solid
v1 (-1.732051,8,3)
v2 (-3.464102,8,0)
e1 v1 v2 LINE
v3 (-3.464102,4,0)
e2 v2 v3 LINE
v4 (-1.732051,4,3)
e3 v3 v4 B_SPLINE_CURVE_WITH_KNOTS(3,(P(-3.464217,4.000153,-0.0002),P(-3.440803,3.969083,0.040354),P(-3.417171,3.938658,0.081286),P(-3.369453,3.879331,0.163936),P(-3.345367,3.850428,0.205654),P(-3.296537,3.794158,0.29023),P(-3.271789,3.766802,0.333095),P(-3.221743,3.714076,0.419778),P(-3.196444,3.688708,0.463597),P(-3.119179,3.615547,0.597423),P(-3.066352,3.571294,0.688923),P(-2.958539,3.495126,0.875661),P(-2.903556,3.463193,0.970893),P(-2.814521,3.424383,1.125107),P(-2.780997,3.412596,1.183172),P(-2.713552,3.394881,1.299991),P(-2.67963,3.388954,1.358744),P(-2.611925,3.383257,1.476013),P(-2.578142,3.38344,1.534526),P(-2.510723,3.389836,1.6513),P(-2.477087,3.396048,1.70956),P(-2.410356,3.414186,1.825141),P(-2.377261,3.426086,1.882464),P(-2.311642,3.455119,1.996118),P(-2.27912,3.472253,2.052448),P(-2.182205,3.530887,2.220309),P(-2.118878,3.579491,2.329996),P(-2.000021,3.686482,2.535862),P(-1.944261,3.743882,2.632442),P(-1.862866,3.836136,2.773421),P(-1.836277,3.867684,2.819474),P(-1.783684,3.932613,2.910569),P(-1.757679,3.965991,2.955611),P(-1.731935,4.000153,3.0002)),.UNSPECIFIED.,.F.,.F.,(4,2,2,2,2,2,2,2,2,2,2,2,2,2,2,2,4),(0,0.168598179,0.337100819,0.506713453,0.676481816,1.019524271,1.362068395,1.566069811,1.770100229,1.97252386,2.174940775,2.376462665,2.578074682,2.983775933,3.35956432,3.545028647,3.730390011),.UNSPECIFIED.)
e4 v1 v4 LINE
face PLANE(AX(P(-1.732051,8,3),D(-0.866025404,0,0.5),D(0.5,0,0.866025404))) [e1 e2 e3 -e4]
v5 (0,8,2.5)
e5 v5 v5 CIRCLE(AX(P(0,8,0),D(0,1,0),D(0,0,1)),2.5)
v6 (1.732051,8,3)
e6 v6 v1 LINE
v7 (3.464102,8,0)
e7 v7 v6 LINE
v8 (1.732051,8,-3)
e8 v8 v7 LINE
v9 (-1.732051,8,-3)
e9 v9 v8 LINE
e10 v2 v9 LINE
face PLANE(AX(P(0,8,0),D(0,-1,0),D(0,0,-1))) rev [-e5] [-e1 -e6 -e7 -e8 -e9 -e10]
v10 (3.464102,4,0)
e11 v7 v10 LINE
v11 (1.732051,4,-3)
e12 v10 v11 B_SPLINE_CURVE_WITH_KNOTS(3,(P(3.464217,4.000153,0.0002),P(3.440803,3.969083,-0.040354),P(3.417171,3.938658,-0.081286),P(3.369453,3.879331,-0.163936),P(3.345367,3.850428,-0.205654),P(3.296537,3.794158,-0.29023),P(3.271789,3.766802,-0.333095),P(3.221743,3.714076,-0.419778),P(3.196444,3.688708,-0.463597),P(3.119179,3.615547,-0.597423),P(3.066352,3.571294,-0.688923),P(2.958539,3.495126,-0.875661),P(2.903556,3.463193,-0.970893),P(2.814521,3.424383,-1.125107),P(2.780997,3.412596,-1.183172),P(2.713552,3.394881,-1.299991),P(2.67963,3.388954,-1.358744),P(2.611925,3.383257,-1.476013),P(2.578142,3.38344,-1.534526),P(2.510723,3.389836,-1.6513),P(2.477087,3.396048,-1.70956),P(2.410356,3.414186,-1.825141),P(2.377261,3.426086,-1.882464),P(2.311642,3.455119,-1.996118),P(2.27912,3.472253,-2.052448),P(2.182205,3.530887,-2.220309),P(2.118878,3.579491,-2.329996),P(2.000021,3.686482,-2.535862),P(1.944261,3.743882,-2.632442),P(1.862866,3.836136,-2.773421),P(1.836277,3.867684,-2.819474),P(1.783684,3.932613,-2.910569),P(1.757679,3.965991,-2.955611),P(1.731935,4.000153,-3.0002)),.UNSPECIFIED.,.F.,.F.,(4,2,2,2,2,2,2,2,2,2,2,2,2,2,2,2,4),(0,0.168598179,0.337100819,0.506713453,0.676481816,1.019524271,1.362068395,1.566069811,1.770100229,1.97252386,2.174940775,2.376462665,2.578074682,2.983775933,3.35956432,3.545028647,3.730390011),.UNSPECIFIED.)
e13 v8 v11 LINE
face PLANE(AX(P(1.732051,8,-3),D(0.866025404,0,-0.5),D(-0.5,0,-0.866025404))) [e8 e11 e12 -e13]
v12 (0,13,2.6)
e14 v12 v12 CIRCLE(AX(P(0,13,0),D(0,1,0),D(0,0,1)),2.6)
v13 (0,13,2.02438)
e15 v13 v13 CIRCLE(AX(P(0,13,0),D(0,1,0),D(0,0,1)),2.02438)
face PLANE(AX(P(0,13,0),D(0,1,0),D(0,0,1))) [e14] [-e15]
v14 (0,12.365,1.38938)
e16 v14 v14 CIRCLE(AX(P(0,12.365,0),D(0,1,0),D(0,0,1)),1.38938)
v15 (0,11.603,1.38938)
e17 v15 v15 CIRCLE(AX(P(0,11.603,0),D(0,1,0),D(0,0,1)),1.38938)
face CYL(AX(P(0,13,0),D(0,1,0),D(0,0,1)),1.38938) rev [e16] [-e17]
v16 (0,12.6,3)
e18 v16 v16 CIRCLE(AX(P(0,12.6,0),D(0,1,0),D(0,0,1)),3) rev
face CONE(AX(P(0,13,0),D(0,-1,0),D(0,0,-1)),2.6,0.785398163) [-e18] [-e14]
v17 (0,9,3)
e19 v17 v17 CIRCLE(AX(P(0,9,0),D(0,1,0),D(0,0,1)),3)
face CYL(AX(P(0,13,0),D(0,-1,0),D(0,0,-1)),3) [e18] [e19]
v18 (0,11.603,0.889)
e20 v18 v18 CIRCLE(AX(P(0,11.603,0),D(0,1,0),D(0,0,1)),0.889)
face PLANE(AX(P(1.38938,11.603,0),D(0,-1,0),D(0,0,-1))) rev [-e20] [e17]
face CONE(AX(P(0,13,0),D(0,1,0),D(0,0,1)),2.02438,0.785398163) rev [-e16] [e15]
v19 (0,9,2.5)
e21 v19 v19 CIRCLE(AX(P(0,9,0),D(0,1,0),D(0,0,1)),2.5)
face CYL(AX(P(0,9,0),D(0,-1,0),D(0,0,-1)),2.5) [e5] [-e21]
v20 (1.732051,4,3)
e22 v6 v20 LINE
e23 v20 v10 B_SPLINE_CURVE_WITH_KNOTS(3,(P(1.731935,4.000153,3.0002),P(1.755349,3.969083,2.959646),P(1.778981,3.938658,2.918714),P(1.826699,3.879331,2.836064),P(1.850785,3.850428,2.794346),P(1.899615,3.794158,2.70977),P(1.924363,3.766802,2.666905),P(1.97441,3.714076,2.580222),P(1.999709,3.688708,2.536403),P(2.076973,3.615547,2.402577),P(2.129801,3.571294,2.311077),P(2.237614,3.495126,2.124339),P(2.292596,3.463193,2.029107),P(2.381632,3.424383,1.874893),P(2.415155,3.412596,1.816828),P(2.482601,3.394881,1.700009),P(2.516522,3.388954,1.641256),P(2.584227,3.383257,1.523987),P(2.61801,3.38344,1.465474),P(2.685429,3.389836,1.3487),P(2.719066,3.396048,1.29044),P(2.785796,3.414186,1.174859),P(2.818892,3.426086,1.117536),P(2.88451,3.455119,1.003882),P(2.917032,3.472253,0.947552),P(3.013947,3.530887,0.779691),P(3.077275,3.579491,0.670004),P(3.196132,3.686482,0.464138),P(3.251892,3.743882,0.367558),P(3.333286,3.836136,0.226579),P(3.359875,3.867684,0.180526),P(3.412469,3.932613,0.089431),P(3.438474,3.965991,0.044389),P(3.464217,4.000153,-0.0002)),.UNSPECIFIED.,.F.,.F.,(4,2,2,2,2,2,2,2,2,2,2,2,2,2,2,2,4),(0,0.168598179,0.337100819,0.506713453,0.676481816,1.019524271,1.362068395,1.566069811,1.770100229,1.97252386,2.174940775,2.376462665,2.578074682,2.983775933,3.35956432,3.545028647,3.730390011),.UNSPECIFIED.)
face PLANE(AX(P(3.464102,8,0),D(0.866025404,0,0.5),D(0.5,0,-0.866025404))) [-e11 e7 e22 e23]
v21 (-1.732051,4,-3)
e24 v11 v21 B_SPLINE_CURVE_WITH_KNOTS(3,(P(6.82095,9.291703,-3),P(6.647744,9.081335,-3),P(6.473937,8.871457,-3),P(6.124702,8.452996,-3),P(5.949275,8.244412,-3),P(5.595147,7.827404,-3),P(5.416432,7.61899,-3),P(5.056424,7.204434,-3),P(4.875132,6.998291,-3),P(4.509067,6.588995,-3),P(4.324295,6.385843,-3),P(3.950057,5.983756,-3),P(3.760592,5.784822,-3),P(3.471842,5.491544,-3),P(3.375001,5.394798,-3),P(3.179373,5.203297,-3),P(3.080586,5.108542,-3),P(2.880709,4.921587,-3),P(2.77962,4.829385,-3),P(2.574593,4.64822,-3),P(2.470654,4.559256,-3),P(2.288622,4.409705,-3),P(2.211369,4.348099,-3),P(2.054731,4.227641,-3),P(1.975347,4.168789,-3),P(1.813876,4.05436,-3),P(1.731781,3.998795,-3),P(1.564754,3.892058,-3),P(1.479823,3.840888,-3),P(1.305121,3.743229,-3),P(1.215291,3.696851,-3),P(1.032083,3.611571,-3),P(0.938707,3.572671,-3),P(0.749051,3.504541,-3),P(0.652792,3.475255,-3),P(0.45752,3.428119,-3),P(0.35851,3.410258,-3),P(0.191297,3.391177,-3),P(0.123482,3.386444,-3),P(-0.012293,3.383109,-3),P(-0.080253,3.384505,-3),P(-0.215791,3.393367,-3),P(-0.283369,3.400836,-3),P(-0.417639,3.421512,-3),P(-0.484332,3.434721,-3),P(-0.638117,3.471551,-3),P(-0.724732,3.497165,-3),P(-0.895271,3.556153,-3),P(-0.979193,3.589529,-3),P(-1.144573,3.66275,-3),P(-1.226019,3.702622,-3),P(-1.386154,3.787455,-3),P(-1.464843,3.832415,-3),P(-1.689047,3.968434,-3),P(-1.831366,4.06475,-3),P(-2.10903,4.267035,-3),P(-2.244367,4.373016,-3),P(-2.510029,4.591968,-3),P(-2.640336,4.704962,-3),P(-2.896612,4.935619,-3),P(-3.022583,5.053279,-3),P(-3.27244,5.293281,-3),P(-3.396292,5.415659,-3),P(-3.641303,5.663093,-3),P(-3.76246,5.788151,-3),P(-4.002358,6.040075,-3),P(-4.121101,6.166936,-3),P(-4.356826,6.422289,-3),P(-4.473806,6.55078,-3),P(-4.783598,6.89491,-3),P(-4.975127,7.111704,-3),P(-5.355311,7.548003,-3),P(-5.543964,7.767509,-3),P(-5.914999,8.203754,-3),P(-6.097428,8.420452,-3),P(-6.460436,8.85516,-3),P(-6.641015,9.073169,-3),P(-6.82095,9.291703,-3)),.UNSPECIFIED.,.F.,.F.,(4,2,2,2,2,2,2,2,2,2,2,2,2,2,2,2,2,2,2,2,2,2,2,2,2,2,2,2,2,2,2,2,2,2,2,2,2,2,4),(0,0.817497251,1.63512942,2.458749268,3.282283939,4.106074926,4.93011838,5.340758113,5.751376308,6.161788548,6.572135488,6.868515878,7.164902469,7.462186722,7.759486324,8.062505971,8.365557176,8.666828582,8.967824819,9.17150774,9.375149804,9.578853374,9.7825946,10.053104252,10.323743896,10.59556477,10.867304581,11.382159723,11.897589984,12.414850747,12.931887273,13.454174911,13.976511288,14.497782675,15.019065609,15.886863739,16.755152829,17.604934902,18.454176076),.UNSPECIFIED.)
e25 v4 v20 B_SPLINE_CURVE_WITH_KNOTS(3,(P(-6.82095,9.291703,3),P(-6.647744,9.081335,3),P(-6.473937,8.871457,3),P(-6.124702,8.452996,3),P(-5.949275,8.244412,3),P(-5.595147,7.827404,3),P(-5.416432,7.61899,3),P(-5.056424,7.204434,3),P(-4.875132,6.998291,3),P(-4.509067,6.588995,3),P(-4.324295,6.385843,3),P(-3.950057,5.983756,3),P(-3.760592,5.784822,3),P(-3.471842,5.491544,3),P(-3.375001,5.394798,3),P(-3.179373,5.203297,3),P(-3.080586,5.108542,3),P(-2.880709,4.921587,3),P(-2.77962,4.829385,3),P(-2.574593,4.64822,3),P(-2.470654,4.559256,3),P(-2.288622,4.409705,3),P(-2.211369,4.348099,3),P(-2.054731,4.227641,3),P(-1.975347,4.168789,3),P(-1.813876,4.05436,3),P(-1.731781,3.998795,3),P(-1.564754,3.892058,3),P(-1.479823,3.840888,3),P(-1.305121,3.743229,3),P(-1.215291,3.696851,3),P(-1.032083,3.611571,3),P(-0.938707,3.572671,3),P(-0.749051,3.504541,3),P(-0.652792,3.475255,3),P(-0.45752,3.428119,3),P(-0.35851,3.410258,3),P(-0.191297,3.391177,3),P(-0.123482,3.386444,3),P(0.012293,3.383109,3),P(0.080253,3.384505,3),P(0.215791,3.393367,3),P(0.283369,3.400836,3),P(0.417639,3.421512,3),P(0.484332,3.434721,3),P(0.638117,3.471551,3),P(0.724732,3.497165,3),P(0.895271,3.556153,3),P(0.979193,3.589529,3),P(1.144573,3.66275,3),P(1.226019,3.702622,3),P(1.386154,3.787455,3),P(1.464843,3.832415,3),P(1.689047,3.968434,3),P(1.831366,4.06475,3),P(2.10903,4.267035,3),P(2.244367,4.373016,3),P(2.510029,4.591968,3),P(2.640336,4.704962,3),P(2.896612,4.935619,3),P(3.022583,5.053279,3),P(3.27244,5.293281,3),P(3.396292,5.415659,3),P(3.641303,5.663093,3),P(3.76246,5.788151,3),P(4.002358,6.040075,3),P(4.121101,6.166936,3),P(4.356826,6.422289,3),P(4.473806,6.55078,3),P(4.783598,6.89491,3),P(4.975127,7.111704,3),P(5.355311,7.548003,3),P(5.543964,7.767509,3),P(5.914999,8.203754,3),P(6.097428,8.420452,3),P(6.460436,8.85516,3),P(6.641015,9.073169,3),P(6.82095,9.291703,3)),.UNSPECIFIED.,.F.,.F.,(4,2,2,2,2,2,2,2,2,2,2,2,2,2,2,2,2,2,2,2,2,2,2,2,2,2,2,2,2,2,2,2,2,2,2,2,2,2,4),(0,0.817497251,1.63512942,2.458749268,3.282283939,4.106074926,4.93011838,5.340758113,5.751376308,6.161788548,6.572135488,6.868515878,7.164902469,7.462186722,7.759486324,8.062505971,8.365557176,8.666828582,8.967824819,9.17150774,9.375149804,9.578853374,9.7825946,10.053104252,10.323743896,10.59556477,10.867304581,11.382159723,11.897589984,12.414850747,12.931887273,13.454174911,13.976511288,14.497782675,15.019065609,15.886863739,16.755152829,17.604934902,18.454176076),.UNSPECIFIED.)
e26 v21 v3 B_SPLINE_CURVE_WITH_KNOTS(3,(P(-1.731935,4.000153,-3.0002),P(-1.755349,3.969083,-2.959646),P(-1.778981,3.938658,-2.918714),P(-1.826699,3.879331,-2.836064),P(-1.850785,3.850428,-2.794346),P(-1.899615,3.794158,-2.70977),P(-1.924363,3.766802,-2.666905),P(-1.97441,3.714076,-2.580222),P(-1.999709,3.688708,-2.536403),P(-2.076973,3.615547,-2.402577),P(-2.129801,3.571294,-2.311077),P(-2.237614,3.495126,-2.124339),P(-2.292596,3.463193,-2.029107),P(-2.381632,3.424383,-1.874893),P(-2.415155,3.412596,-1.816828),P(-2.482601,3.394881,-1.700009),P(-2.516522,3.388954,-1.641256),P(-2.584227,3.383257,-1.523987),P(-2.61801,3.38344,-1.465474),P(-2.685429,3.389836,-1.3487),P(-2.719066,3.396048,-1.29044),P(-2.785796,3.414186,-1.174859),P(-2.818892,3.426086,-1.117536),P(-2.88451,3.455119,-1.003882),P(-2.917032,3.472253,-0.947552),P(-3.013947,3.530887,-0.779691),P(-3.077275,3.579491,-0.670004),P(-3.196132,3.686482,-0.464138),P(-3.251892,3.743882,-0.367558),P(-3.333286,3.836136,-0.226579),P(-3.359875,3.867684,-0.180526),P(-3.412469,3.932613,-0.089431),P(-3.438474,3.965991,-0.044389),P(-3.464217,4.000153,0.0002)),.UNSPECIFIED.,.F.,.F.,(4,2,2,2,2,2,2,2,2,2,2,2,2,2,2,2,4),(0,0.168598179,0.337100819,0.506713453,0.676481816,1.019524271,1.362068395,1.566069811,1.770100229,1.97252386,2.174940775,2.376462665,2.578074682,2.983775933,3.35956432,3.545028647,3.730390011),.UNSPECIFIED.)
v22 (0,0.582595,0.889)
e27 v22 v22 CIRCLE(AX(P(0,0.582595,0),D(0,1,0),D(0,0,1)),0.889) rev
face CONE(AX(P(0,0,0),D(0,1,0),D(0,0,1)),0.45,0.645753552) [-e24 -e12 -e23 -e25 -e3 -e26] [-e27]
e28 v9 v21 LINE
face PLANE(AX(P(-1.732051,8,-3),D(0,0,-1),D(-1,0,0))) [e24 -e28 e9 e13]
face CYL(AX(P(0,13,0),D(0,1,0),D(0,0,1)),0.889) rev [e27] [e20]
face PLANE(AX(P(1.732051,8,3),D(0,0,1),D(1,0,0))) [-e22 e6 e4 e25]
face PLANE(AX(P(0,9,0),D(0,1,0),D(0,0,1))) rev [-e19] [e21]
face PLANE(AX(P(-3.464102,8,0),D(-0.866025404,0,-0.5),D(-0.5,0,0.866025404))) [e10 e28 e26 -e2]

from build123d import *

# Parameters (mm, degrees)
SKETCH2_R           = 3
BOSS_EXTRUDE1_DEPTH = 13
BOSS_EXTRUDE2_DEPTH = 8
SKETCH6_R           = 3
SKETCH6_R_2         = 2.5
CUT_EXTRUDE1_DEPTH  = 1
CHAMFER1_SIZE       = 0.4
SKETCH7_R           = 0.2
CUT_EXTRUDE2_DEPTH  = 14


with BuildPart() as part:
    # Sketch2 → Boss-Extrude1 (new body)
    with BuildSketch(Plane(origin=(0, 0, 0), x_dir=(1, 0, 0), z_dir=(0, 1, 0))):
        Circle(SKETCH2_R)
    extrude(amount=BOSS_EXTRUDE1_DEPTH)

    # Sketch3 → Boss-Extrude2 (add)
    with BuildSketch(Plane.XZ):
        Polygon((1.732050808, -3), (3.464101615, 0), (1.732050808, 3), (-1.732050808, 3), (-3.464101615, 0), (-1.732050808, -3), align=None)
    extrude(amount=-BOSS_EXTRUDE2_DEPTH)

    # Sketch4 → Cut-Revolve3 (revolve, cut)
    with BuildSketch(Plane.XY):
        Polygon((-0.45, 0), (-3.464101615, 4), (-3.464101615, 0), align=None)
    revolve(axis=Axis((0, 0, 0), (0, 1, 0)), mode=Mode.SUBTRACT)

    # Sketch6 → Cut-Extrude1 (cut)
    with BuildSketch(Plane(origin=(0, 8, 0), x_dir=(1, 0, 0), z_dir=(0, 1, 0))):
        Circle(SKETCH6_R)
        Circle(SKETCH6_R_2, mode=Mode.SUBTRACT)
    extrude(amount=CUT_EXTRUDE1_DEPTH, mode=Mode.SUBTRACT)

    # Chamfer1
    chamfer1_edges = [part.edges().sort_by_distance(p)[0] for p in [
        (-3, 13, 0),
    ]]
    chamfer(chamfer1_edges, length=CHAMFER1_SIZE)

    # Sketch7 → Cut-Extrude2 (cut, through all)
    with BuildSketch(Plane.XZ):
        Circle(SKETCH7_R)
    extrude(amount=-CUT_EXTRUDE2_DEPTH, mode=Mode.SUBTRACT)

    # Sketch9 → CBORE for #0 Fillister Head Machine Screw1 (revolve, cut)
    with BuildSketch(Plane(origin=(0, 13, 0), x_dir=(0, 0, 1), z_dir=(1, 0, 0))):
        Polygon((0, 0), (0, 13), (0.889, 13), (0.889, 1.397), (1.38938, 1.397), (1.38938, 0.635), (2.02438, 0), align=None)
    revolve(axis=Axis((0, 19.35, 0), (0, -1, 0)), mode=Mode.SUBTRACT)


solid = part.part
